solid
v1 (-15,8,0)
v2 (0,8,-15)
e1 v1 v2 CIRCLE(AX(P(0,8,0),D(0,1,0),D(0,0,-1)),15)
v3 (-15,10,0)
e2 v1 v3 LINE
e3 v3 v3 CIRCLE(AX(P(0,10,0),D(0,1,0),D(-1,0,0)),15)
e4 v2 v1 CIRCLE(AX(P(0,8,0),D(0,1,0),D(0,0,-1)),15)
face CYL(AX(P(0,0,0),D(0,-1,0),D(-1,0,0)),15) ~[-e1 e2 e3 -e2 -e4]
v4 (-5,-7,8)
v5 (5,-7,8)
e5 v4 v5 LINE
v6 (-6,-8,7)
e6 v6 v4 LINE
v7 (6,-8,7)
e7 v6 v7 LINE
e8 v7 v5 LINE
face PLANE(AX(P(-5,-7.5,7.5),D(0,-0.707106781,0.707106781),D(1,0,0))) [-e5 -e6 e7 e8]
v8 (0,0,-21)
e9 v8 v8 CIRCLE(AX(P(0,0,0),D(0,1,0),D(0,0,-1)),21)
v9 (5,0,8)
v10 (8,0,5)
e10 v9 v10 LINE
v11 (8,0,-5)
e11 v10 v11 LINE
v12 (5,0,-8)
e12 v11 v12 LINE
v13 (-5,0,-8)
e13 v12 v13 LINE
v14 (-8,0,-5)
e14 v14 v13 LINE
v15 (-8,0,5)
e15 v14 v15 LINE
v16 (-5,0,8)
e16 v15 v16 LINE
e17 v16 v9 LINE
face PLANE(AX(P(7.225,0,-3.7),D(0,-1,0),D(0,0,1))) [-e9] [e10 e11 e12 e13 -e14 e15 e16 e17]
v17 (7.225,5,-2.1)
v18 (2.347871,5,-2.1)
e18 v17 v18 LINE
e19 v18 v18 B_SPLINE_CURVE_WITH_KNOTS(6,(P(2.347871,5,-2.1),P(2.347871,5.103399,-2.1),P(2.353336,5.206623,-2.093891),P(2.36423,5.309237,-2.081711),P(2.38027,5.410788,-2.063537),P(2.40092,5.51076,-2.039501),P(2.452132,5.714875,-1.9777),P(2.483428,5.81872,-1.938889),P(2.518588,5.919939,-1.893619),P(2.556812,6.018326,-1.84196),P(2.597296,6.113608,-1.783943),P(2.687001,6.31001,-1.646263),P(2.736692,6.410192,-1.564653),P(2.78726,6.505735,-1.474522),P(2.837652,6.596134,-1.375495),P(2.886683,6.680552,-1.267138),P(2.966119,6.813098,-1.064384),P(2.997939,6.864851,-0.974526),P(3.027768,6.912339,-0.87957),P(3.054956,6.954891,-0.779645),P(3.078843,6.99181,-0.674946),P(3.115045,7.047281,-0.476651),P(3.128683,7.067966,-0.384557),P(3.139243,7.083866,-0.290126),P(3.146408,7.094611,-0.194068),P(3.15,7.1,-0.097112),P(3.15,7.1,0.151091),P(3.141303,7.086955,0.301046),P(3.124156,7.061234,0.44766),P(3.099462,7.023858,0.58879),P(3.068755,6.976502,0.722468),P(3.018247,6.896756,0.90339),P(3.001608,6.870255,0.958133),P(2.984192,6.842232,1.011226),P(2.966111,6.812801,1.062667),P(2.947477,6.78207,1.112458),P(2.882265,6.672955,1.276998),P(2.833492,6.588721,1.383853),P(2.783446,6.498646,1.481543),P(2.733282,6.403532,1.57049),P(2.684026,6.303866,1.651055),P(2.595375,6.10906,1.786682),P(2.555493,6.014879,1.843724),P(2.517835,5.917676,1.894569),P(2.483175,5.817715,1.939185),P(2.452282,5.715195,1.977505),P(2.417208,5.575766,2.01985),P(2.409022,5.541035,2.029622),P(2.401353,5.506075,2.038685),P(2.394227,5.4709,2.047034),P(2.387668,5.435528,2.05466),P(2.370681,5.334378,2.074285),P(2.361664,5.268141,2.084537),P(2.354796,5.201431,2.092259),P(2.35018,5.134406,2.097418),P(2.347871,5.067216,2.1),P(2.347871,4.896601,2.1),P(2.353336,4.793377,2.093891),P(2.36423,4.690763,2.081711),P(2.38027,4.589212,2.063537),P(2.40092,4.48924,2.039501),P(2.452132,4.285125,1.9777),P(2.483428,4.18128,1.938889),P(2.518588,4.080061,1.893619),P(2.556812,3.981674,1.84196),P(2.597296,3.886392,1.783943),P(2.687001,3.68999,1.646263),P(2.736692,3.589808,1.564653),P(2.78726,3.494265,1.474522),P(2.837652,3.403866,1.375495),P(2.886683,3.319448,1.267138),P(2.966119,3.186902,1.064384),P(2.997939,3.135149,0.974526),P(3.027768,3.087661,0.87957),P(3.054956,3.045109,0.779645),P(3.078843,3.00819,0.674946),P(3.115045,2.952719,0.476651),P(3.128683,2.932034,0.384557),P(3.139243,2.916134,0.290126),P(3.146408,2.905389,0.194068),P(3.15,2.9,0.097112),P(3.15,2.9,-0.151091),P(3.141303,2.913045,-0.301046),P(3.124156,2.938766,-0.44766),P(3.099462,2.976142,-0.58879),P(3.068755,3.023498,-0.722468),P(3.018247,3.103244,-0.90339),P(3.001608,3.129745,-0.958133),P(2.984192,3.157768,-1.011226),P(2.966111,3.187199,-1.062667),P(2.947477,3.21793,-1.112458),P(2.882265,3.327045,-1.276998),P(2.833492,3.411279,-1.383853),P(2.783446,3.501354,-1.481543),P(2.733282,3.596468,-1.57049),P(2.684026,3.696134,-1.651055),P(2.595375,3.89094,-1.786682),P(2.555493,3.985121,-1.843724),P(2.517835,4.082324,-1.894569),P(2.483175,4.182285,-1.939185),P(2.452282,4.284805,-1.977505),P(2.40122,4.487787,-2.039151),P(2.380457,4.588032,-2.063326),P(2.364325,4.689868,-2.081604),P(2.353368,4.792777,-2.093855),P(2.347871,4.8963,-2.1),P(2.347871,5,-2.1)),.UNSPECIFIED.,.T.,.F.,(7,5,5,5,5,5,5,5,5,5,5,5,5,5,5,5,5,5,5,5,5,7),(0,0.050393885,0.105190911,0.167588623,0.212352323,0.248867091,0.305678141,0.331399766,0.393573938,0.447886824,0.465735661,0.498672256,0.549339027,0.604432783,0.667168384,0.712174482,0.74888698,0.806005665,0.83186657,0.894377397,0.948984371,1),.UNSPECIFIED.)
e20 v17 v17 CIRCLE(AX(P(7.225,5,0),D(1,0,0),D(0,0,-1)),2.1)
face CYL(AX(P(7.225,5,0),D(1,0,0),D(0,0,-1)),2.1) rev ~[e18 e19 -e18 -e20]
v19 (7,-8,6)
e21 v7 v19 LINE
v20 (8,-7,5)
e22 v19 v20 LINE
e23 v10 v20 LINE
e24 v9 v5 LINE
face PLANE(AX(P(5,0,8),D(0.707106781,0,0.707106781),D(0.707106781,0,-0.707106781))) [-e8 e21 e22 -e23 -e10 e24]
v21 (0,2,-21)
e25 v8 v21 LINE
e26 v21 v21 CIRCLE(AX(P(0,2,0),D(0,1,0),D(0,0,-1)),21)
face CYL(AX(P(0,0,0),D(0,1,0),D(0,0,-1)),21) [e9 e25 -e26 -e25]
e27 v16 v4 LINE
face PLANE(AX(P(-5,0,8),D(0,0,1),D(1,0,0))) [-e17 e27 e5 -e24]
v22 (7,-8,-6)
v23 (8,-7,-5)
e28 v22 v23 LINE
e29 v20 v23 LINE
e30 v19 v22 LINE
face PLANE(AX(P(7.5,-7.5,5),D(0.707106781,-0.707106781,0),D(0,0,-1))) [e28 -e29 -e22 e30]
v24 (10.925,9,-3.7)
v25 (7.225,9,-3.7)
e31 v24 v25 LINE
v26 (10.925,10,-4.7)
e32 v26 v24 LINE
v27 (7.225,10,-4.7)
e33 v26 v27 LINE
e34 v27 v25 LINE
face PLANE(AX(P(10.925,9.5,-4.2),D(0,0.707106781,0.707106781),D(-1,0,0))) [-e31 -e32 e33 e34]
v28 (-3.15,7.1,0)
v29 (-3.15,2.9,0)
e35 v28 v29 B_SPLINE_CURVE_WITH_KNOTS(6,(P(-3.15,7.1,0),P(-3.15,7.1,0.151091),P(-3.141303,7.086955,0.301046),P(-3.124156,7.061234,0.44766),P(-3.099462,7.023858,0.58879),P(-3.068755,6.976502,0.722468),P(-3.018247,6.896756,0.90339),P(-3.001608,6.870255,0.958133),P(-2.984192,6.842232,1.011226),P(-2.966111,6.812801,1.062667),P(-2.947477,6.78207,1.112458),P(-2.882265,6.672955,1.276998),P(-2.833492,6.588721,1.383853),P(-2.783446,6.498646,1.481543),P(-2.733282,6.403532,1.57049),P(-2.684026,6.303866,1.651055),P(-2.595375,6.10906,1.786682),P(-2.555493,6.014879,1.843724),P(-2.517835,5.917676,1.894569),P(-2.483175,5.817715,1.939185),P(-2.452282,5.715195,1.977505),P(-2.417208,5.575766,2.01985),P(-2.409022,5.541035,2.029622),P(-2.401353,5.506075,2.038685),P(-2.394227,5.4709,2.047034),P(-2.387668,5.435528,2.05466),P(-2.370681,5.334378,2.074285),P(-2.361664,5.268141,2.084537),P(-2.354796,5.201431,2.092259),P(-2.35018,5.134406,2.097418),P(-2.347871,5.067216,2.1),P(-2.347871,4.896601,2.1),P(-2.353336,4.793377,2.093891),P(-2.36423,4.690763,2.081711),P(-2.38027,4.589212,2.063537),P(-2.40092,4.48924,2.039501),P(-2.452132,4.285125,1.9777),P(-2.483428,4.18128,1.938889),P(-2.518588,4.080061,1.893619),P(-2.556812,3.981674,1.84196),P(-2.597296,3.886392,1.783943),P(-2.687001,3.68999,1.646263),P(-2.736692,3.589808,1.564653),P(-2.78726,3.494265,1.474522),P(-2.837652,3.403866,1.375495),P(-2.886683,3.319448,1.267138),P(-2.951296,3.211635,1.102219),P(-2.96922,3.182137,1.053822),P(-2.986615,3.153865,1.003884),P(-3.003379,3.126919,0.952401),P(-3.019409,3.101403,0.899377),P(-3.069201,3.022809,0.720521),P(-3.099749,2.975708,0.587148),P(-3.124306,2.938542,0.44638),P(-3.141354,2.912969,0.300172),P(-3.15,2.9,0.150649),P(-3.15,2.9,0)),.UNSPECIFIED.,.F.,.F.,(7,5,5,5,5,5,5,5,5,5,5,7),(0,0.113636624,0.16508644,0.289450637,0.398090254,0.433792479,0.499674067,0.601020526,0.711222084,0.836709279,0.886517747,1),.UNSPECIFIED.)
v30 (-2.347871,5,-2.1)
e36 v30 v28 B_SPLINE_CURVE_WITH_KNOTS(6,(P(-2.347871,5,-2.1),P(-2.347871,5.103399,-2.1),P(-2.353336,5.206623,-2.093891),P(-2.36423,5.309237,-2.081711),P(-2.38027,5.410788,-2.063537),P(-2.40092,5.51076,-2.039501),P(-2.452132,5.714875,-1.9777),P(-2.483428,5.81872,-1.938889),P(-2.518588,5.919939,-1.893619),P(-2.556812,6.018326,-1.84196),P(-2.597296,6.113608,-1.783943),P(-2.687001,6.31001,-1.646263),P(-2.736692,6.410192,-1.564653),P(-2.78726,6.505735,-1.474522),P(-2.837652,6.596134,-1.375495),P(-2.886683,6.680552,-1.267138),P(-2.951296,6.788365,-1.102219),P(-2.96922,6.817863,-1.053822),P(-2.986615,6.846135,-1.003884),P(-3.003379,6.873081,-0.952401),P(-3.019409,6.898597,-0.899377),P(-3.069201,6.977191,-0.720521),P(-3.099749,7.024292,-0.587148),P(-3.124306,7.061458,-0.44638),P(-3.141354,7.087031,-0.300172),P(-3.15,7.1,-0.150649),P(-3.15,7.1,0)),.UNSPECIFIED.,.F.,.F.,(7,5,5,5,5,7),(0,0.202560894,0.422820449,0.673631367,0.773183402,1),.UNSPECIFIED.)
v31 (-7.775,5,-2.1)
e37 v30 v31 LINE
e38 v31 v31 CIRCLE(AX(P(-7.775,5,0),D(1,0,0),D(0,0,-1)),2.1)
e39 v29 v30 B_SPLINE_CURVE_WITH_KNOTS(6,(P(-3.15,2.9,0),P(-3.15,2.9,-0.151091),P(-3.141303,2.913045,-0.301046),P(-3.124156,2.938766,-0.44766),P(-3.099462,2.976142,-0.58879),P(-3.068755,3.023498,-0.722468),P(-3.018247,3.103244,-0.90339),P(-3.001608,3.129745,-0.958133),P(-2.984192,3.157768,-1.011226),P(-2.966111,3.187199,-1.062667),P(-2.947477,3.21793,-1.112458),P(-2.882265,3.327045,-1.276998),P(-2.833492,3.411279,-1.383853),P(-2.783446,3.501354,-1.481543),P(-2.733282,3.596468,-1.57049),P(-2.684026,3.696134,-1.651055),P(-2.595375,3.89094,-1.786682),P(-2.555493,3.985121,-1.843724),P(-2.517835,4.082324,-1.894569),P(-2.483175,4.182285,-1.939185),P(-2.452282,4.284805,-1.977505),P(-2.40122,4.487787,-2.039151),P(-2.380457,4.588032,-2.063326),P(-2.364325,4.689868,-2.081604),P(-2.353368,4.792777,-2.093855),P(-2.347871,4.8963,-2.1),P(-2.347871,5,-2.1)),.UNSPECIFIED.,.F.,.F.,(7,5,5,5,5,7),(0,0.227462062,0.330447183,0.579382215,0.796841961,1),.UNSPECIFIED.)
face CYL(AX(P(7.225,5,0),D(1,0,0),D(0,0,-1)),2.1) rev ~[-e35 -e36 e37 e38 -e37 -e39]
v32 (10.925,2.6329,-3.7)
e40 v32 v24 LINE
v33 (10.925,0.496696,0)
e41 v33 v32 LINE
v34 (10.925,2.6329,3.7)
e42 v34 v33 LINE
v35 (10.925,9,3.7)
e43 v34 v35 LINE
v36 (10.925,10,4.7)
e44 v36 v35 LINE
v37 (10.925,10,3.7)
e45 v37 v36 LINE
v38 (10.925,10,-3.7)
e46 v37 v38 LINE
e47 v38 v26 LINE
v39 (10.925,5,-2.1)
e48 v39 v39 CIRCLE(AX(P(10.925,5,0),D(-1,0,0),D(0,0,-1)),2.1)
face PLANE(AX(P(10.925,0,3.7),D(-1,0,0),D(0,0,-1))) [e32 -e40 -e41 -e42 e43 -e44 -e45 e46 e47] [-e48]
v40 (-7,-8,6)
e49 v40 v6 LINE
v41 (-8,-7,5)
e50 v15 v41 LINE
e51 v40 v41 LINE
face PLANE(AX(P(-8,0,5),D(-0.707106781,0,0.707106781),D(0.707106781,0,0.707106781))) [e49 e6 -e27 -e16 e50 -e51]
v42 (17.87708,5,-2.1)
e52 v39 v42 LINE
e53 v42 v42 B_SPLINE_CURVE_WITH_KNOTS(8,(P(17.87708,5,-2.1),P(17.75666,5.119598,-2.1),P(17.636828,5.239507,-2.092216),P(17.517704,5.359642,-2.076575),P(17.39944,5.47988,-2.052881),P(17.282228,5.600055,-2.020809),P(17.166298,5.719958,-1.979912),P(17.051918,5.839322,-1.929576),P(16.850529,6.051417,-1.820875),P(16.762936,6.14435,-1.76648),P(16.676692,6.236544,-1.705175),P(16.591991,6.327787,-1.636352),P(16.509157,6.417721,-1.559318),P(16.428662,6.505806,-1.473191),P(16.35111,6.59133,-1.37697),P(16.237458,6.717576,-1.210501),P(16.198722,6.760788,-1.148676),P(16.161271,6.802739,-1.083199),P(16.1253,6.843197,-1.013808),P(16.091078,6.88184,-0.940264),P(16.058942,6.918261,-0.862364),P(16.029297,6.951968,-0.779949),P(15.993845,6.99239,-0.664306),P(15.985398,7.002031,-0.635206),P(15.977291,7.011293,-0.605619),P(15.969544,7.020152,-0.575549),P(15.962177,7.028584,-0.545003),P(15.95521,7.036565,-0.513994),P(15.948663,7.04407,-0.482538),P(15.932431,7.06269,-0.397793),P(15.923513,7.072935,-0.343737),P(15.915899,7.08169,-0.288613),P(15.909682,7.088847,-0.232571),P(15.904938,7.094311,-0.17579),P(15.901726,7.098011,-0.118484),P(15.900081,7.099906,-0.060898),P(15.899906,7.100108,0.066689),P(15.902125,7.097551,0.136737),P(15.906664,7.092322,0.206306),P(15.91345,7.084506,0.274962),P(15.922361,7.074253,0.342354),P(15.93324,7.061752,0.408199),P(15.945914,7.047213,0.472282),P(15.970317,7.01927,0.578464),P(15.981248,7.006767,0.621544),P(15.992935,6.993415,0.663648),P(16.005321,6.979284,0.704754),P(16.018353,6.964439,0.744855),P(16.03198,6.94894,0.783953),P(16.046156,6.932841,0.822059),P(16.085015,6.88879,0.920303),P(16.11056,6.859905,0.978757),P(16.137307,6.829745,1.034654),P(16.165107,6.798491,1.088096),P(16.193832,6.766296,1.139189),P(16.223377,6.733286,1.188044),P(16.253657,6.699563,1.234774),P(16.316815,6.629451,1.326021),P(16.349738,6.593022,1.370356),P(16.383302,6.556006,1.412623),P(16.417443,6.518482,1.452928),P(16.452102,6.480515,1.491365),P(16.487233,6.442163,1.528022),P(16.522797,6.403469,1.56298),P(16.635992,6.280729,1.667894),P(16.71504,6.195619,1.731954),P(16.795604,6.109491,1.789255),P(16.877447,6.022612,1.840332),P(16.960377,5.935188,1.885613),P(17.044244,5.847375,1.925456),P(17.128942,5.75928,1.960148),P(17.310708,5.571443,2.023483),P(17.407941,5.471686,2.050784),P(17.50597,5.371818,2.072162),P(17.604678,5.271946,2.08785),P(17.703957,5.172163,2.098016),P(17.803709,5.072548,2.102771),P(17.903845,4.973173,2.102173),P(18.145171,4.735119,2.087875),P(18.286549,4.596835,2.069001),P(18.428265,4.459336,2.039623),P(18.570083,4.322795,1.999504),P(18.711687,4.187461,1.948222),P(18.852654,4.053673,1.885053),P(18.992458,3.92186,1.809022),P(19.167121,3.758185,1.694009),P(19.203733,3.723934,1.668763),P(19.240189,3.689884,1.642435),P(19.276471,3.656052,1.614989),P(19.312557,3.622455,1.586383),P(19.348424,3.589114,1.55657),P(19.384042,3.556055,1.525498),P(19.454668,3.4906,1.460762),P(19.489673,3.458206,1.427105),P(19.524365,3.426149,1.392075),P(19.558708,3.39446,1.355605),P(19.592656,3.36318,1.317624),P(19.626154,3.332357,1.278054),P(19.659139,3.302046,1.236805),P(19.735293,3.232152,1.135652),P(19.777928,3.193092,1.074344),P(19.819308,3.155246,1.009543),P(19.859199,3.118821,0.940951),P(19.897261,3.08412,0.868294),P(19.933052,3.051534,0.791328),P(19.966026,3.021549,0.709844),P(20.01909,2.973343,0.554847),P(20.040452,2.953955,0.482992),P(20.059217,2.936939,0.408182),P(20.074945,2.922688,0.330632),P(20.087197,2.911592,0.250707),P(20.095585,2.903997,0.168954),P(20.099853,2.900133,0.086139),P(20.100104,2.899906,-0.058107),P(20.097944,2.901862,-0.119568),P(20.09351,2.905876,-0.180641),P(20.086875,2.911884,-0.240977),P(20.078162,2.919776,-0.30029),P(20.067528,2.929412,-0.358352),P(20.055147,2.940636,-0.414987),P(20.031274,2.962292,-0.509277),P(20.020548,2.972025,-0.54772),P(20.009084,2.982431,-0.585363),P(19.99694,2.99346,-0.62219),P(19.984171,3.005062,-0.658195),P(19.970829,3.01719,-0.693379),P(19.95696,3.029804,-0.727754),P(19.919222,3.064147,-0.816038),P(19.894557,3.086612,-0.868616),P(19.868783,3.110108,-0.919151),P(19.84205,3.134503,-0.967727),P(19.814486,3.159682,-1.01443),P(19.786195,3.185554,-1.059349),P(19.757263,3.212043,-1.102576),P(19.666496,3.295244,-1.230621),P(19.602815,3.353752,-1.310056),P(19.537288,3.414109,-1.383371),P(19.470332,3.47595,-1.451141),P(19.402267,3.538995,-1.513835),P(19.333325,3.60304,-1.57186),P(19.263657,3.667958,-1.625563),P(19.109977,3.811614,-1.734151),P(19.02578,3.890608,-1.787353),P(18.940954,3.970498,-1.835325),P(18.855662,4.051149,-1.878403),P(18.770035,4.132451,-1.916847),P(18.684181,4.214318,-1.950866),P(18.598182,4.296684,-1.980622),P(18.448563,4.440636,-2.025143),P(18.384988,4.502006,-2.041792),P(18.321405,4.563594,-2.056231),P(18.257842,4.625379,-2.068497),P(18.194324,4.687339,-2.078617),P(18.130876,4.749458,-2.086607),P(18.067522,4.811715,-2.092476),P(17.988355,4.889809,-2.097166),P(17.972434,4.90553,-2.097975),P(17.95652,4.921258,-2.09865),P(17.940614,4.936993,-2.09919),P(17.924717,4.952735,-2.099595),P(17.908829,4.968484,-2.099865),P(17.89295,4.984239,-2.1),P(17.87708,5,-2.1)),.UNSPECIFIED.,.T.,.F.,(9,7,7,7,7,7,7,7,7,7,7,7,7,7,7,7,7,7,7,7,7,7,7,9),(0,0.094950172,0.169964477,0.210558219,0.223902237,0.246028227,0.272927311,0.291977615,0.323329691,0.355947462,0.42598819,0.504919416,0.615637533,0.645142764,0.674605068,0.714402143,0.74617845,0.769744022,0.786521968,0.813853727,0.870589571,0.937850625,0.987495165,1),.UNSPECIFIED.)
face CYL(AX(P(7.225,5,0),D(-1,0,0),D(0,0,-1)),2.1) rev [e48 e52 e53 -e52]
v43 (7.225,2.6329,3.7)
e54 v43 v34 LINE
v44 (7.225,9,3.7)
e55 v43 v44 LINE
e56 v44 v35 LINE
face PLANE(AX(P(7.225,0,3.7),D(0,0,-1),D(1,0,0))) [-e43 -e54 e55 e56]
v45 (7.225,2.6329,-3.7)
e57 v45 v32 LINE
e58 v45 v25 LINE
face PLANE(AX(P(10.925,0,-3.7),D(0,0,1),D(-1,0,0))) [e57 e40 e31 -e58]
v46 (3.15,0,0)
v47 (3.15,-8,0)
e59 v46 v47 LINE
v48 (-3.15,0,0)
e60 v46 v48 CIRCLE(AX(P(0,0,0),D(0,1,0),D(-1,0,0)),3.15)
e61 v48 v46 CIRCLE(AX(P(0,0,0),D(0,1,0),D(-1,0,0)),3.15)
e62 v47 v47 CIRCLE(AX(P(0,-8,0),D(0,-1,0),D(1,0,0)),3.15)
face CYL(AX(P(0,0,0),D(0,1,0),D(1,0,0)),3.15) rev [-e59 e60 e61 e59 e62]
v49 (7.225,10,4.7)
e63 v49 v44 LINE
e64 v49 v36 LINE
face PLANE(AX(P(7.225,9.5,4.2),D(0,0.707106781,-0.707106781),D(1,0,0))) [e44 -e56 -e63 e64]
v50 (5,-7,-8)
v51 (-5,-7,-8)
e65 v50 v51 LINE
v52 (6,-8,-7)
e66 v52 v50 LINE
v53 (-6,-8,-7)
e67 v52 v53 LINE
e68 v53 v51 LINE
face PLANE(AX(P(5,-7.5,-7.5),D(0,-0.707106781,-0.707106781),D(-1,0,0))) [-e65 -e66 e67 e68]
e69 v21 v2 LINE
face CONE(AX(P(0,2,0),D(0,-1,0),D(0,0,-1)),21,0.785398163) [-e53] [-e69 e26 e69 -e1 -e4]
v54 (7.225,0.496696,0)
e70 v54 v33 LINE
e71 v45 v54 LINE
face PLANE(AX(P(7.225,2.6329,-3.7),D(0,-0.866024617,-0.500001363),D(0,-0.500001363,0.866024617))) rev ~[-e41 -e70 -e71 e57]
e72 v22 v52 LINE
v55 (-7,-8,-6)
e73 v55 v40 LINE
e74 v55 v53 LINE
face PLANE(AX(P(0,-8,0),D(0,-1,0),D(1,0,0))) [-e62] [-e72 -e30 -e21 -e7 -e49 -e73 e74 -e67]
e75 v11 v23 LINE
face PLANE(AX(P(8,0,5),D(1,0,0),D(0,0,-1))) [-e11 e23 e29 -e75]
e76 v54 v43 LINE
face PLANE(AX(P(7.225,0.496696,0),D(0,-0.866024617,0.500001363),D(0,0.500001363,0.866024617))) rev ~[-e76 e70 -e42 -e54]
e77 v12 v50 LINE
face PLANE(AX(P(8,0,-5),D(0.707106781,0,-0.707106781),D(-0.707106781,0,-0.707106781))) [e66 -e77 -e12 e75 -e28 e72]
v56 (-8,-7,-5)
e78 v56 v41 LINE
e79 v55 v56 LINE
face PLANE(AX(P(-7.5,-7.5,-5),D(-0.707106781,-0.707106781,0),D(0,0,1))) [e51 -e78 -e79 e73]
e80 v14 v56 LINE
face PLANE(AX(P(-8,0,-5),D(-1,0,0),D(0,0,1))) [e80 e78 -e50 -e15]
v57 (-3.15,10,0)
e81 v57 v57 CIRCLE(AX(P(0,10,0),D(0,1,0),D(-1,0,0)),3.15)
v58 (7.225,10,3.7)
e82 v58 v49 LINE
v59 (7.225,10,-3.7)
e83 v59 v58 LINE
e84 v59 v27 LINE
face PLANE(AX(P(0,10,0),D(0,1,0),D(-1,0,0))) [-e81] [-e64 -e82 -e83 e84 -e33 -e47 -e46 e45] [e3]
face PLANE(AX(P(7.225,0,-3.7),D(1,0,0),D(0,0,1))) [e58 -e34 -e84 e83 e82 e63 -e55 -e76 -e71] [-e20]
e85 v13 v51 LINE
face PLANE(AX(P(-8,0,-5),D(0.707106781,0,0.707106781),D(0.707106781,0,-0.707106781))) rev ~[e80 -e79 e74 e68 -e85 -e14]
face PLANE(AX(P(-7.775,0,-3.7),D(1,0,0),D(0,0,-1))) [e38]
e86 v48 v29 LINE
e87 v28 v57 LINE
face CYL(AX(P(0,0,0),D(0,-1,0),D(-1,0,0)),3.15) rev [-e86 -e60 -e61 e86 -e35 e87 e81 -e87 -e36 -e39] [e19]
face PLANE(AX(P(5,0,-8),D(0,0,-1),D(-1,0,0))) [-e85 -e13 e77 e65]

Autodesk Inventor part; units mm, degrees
ref_plane "YZ Plane" through (0, 0, 0) normal (1, 0, 0) x (0, 1, 0)
ref_plane "XZ Plane" through (0, 0, 0) normal (0, 1, 0) x (-1, 0, 0)
ref_plane "XY Plane" through (0, 0, 0) normal (0, 0, 1) x (1, 0, 0)
sketch "Boceto1" plane through (0, 0, 0) normal (0, 1, 0) x (-1, 0, 0)
  circle A0 centre (0, 0) radius 3.15
  circle A1 centre (0, 0) radius 15
  line L0 (-7.225, 3.7) -> (-10.925, 3.7)
  line L1 (-10.925, 3.7) -> (-10.925, -3.7)
  line L2 (-10.925, -3.7) -> (-7.225, -3.7)
  line L3 (-7.225, -3.7) -> (-7.225, 3.7)
  circle A2 centre (0, 0) radius 9.8003 construction
  line L4 (6.8168, -4.407) -> (0.4082, -8.107)
  line L5 (8.6668, -7.6113) -> (6.8168, -4.407)
  line L6 (2.2582, -11.3113) -> (8.6668, -7.6113)
  line L7 (0.4082, -8.107) -> (2.2582, -11.3113)
  line L8 (0.4082, 8.107) -> (6.8168, 4.407)
  line L9 (2.2582, 11.3113) -> (0.4082, 8.107)
  line L10 (8.6668, 7.6113) -> (2.2582, 11.3113)
  line L11 (6.8168, 4.407) -> (8.6668, 7.6113)
  point P0 (-7.225, 0)
  point P1 (-9.075, 3.7)
  point P2 (3.6125, -6.257)
  point P3 (1.3332, -9.7092)
  point P4 (3.6125, 6.257)
  point P5 (7.7418, 6.0092)
  dimension "d0" = 6.3
  dimension "tuerca" = 7.4
  dimension "d2" = 11.85
  dimension "d3" = 6.6503
  dimension "d4" = 3.7
  dimension "d18" = 360
  dimension "d26" = 30
  dimension "d27" = 4.075
  dimension "d28" = 4.075
extrude "Extrusión1" add sketch "Boceto1" along normal blind 10 contours A1 | L5 L6 L7 L4 | L9 L10 L11 L8
sketch "Boceto4" plane through (0, 0, 0) normal (1, 0, 0) x (0, 1, 0)
  line L0 (0, -15) -> (10, -15) projected
  line L1 (0, -15) -> (0, -21)
  line L2 (0, -21) -> (2, -21)
  line L3 (2, -21) -> (8, -15)
  line L4 (0, 0) -> (7.4976, 0)
  dimension "d47" = 45
  dimension "d48" = 21
  dimension "d49" = 2
revolve "Revolución1" add sketch "Boceto4" angle 360 about axis through (0, 0, 0) along (0, 1, 0)
sketch "Boceto2" plane through (7.225, 0, -3.7) normal (1, 0, 0) x (0, 0, -1)
  line L0 (0, 0) -> (-7.4, 0) projected
  line L1 (0, 0) -> (0, 10) construction
  line L2 (-7.4, 10) -> (0, 10) construction
  line L3 (-7.4, 0) -> (-7.4, 10) construction
  line L4 (-7.4, 0) -> (0, 10) construction
  circle A0 centre (-3.7, 5) radius 2.1
  line L5 (0, 2.6329) -> (-4.5603, 0)
  line L6 (-2.8397, 0) -> (-7.4, 2.6329)
  line L7 (-7.4, 2.6329) -> (-7.4, 0)
  line L8 (0, 2.6329) -> (0, 0)
  point P0 (-3.7, 0)
  dimension "d7" = 4.2
  dimension "d8" = 120
  dimension "d9" = 3.9
extrude "Extrusión2" cut sketch "Boceto2" along normal mid plane 30 contours A0
extrude "Extrusión3" add sketch "Boceto2" along normal up to next contours L0 L6 L5 L8 | L0 L5 L6 | L0 L7 L6 L5
sketch "Boceto3" plane through (0, 0, 0) normal (0, -1, 0) x (1, 0, 0)
  circle A0 centre (0, 0) radius 3.15 projected
  circle A1 centre (0, 0) radius 27.5
  line L0 (-5, 8) -> (5, 8)
  line L1 (8, 5) -> (8, -5)
  line L2 (5, -8) -> (-5, -8)
  line L3 (-8, -5) -> (-8, 5)
  line L4 (-8, 5) -> (-5, 8)
  line L5 (5, 8) -> (8, 5)
  line L6 (8, -5) -> (5, -8)
  line L7 (-8, -5) -> (-5, -8)
  point P0 (-8, 8)
  point P1 (8, -8)
  point P2 (8, 8)
  point P3 (-8, -8)
  point P4 (-8, 0)
  point P5 (0, -8)
  dimension "d32" = 16
  dimension "d33" = 55
  dimension "d39" = 3
  dimension "d40" = 3
  dimension "d41" = 3
  dimension "d42" = 3
  dimension "d43" = 3
  dimension "d44" = 3
  dimension "d45" = 3
  dimension "d46" = 3
extrude "Extrusión4" add sketch "Boceto3" along normal blind 8 contours L0 L5 L1 L6 L2 L7 L3 L4
chamfer "Chaflán1" distance 1 angle 45 2 edges at (9.075, 10, 3.7) (9.075, 10, -3.7)
chamfer "Chaflán3" distance 1 angle 45 4 edges at (0, -8, 8) (-8, -8, 0) (0, -8, -8) (8, -8, 0)
equation "\"d28\" = d27"
equation "\"d40\" = d39"
equation "\"d41\" = d39"
equation "\"d42\" = d41"
equation "\"d43\" = d39"
equation "\"d44\" = d43"
equation "\"d45\" = d39"
equation "\"d46\" = d45"
properties part number "dado polea correa motor"
